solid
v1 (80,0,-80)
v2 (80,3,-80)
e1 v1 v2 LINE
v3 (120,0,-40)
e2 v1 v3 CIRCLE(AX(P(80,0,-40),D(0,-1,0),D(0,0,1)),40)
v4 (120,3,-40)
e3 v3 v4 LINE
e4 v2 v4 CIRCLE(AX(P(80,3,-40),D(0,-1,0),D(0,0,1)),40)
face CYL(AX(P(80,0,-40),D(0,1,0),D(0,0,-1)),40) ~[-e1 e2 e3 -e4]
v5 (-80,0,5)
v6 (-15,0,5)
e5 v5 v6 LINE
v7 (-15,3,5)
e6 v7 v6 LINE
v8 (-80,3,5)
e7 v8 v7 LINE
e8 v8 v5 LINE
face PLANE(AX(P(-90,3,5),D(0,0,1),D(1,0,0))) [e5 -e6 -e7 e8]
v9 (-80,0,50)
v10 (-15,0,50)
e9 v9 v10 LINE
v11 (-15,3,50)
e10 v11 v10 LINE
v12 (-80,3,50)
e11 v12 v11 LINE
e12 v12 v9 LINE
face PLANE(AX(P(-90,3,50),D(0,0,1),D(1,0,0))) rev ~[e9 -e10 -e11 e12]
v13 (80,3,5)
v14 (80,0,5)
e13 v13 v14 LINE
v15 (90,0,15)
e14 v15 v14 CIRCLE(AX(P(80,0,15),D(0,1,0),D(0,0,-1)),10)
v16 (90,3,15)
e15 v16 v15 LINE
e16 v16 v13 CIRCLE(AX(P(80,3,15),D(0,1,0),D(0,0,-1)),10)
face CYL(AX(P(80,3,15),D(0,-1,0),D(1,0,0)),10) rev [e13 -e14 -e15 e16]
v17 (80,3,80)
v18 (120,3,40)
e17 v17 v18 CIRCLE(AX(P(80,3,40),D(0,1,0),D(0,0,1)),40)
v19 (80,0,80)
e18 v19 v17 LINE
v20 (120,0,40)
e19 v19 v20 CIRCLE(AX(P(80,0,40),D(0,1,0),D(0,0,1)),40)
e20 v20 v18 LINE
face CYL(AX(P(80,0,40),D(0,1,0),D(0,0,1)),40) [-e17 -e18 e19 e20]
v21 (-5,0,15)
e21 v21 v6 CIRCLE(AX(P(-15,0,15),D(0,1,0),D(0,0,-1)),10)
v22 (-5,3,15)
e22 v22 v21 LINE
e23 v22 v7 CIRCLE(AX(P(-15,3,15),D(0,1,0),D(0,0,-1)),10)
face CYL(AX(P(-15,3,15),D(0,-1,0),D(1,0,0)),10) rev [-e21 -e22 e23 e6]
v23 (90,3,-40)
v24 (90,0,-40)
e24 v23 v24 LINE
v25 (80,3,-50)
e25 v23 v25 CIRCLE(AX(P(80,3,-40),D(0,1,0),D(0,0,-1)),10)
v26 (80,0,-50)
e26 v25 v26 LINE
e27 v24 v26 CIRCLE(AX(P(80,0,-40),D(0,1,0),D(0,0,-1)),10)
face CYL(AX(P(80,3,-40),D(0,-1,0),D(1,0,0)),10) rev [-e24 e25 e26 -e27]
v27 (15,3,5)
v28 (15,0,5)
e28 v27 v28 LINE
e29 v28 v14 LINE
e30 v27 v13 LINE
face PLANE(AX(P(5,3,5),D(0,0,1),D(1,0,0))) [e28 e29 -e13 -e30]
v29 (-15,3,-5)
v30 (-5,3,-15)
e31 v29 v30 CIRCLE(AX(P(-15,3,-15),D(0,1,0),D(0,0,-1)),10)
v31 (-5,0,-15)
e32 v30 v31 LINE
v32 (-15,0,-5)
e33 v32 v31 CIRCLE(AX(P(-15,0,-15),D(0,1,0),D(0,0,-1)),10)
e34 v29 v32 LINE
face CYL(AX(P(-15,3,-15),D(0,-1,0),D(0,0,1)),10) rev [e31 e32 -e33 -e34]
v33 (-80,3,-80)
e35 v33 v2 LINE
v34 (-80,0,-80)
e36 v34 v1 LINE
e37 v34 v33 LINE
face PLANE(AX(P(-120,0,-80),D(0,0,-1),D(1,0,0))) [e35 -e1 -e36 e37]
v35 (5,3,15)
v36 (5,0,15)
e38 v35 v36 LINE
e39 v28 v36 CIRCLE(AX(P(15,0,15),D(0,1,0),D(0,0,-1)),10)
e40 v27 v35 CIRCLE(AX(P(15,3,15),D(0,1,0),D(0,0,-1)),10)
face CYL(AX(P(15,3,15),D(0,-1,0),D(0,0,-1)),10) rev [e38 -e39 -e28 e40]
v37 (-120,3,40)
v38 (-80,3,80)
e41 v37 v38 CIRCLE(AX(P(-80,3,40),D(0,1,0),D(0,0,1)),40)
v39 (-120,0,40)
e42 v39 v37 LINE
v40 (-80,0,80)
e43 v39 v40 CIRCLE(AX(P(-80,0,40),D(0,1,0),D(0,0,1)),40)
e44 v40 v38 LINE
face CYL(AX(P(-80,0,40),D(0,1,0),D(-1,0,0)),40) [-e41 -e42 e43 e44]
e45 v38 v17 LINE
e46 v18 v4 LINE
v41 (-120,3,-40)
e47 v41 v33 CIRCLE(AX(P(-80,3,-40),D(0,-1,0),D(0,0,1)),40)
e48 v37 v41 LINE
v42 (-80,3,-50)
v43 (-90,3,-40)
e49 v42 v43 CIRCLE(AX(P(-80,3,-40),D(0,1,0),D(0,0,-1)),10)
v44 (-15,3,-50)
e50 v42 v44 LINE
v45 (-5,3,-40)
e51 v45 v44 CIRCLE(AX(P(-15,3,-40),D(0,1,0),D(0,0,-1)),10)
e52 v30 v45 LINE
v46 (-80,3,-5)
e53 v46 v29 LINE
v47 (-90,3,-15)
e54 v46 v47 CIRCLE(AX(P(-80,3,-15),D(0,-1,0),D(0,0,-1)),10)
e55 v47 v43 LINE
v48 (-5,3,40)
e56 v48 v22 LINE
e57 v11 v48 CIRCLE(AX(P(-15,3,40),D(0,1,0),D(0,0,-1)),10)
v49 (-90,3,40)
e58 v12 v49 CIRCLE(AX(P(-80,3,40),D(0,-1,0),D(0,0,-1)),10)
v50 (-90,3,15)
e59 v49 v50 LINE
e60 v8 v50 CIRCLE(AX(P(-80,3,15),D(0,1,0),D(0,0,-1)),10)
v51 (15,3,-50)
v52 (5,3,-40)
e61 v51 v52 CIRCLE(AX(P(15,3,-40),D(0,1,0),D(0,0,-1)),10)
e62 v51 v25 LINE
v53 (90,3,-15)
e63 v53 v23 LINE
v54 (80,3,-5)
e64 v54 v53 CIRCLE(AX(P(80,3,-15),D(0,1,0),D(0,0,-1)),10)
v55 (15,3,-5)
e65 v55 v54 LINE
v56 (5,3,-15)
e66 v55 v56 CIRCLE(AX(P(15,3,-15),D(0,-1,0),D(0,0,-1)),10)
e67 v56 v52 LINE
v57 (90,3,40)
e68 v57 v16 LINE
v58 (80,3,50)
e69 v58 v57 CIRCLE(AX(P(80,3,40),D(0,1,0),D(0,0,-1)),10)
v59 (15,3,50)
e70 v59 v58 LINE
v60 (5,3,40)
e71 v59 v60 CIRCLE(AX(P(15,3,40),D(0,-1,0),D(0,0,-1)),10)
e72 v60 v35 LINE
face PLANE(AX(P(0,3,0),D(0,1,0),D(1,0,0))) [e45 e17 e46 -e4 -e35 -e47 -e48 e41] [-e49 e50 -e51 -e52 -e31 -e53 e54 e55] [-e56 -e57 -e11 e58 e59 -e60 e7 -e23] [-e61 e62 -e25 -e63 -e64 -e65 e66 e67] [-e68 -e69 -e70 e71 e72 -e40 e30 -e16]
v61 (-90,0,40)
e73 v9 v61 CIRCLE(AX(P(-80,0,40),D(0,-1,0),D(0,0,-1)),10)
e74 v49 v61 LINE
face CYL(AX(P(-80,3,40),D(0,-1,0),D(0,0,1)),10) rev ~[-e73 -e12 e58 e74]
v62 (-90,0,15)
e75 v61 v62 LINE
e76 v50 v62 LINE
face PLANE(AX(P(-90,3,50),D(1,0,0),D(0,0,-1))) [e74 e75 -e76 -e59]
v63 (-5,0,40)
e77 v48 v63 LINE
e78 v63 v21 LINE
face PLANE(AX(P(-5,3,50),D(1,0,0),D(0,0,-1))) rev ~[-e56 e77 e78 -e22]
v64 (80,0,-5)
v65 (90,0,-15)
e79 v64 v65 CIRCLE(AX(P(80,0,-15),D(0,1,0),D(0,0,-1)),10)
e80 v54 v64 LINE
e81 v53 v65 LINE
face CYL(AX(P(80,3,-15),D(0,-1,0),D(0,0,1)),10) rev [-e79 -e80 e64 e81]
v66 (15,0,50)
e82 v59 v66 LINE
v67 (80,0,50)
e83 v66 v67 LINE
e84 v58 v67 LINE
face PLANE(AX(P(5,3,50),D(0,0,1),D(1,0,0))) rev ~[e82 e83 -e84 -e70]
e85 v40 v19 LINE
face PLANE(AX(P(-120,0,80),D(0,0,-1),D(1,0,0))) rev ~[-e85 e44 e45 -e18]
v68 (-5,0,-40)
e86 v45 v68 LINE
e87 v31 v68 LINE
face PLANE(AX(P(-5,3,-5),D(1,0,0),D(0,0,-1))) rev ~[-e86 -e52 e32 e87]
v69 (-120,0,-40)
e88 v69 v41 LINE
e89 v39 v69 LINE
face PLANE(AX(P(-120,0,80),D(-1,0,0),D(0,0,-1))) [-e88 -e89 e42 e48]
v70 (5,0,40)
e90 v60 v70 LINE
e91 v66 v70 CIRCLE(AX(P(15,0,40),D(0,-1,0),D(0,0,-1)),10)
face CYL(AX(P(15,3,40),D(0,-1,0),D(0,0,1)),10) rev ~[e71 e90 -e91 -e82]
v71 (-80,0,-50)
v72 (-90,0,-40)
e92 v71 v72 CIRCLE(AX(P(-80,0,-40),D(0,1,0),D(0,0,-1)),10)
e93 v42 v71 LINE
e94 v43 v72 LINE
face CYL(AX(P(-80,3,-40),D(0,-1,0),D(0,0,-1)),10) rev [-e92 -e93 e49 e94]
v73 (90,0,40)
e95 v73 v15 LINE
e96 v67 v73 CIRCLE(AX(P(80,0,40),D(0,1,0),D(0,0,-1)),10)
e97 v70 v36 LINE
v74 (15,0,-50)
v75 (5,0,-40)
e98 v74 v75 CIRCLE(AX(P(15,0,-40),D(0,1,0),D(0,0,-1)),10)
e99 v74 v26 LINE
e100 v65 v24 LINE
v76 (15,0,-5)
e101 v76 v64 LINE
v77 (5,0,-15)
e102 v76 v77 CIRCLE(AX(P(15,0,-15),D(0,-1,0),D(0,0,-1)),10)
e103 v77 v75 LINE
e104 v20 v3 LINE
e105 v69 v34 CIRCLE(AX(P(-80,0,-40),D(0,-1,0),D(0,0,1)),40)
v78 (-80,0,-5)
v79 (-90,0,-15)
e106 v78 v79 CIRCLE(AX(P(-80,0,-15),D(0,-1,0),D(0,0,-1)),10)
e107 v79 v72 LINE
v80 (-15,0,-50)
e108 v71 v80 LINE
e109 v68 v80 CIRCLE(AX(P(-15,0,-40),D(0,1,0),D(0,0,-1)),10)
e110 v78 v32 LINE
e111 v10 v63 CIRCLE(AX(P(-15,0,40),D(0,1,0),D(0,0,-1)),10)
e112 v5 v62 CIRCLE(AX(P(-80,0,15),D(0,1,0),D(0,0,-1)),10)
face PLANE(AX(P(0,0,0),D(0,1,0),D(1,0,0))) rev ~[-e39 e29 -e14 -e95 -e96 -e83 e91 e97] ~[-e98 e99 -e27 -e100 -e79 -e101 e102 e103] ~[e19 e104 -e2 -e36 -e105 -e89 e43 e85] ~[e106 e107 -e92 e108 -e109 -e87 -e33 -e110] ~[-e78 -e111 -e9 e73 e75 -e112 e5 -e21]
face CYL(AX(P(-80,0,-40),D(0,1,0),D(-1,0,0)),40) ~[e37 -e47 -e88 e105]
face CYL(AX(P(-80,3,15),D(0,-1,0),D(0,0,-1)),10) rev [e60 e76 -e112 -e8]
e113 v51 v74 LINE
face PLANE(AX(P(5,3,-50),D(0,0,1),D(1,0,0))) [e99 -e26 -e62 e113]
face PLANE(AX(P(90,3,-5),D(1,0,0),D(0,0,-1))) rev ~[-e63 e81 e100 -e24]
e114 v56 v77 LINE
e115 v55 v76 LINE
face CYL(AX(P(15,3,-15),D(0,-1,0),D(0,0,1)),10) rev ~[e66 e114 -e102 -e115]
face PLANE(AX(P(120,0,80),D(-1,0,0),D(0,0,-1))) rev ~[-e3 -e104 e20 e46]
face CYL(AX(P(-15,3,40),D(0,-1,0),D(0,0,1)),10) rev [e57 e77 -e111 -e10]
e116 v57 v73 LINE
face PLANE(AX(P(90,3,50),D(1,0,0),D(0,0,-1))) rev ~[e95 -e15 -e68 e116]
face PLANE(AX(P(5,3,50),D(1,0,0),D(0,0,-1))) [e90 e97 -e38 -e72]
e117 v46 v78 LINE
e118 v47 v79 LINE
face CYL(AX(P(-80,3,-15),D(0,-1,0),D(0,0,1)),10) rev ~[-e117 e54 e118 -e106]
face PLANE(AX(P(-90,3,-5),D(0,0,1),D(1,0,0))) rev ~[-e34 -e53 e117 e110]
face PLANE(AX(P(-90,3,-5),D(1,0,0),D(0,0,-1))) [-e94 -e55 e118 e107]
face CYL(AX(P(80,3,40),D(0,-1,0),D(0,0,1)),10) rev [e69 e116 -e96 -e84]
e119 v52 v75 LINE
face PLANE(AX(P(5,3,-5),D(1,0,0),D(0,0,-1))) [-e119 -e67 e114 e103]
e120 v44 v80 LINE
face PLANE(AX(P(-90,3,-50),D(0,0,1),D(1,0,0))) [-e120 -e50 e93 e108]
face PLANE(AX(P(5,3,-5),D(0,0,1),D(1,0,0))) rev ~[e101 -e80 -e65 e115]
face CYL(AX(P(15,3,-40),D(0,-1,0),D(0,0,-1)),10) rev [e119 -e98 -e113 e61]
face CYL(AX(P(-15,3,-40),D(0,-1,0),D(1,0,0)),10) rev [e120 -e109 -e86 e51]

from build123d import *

# Parameters (mm, degrees)
ESBO_O1_W                = 240
ESBO_O1_H                = 160
RESSALTO_EXTRUS_O1_DEPTH = 3
ESBO_O2_W                = 85
ESBO_O2_H                = 45
CORTE_EXTRUS_O1_DEPTH    = 145.25324953
FILETE1_R                = 40
FILETE2_R                = 10


with BuildPart() as part:
    # Esboço1 → Ressalto-extrusão1 (new body)
    with BuildSketch(Plane(origin=(0, 0, 0), x_dir=(1, 0, 0), z_dir=(0, 1, 0))):
        Rectangle(ESBO_O1_W, ESBO_O1_H)
    extrude(amount=RESSALTO_EXTRUS_O1_DEPTH)

    # Esboço2 → Corte-extrusão1 (cut, through all)
    with BuildSketch(Plane(origin=(0, 3, 0), x_dir=(1, 0, 0), z_dir=(0, 1, 0))):
        with Locations((-47.5, -27.5)):
            Rectangle(ESBO_O2_W, ESBO_O2_H)
        with Locations((47.5, 27.5)):
            Rectangle(ESBO_O2_W, ESBO_O2_H)
        with Locations((-47.5, 27.5)):
            Rectangle(ESBO_O2_W, ESBO_O2_H)
        with Locations((47.5, -27.5)):
            Rectangle(ESBO_O2_W, ESBO_O2_H)
    extrude(amount=-CORTE_EXTRUS_O1_DEPTH, mode=Mode.SUBTRACT)

    # Filete1
    filete1_edges = [part.edges().sort_by_distance(p)[0] for p in [
        (-120, 1.5, -80),
        (120, 1.5, -80),
        (120, 1.5, 80),
        (-120, 1.5, 80),
    ]]
    fillet(filete1_edges, radius=FILETE1_R)

    # Filete2
    filete2_edges = [part.edges().sort_by_distance(p)[0] for p in [
        (-90, 1.5, -5),
        (-90, 1.5, -50),
        (-5, 1.5, -50),
        (-5, 1.5, -5),
        (-90, 1.5, 5),
        (-5, 1.5, 5),
        (-5, 1.5, 50),
        (-90, 1.5, 50),
        (90, 1.5, 50),
        (5, 1.5, 50),
        (5, 1.5, 5),
        (90, 1.5, 5),
        (5, 1.5, -50),
        (90, 1.5, -50),
        (90, 1.5, -5),
        (5, 1.5, -5),
    ]]
    fillet(filete2_edges, radius=FILETE2_R)


solid = part.part
